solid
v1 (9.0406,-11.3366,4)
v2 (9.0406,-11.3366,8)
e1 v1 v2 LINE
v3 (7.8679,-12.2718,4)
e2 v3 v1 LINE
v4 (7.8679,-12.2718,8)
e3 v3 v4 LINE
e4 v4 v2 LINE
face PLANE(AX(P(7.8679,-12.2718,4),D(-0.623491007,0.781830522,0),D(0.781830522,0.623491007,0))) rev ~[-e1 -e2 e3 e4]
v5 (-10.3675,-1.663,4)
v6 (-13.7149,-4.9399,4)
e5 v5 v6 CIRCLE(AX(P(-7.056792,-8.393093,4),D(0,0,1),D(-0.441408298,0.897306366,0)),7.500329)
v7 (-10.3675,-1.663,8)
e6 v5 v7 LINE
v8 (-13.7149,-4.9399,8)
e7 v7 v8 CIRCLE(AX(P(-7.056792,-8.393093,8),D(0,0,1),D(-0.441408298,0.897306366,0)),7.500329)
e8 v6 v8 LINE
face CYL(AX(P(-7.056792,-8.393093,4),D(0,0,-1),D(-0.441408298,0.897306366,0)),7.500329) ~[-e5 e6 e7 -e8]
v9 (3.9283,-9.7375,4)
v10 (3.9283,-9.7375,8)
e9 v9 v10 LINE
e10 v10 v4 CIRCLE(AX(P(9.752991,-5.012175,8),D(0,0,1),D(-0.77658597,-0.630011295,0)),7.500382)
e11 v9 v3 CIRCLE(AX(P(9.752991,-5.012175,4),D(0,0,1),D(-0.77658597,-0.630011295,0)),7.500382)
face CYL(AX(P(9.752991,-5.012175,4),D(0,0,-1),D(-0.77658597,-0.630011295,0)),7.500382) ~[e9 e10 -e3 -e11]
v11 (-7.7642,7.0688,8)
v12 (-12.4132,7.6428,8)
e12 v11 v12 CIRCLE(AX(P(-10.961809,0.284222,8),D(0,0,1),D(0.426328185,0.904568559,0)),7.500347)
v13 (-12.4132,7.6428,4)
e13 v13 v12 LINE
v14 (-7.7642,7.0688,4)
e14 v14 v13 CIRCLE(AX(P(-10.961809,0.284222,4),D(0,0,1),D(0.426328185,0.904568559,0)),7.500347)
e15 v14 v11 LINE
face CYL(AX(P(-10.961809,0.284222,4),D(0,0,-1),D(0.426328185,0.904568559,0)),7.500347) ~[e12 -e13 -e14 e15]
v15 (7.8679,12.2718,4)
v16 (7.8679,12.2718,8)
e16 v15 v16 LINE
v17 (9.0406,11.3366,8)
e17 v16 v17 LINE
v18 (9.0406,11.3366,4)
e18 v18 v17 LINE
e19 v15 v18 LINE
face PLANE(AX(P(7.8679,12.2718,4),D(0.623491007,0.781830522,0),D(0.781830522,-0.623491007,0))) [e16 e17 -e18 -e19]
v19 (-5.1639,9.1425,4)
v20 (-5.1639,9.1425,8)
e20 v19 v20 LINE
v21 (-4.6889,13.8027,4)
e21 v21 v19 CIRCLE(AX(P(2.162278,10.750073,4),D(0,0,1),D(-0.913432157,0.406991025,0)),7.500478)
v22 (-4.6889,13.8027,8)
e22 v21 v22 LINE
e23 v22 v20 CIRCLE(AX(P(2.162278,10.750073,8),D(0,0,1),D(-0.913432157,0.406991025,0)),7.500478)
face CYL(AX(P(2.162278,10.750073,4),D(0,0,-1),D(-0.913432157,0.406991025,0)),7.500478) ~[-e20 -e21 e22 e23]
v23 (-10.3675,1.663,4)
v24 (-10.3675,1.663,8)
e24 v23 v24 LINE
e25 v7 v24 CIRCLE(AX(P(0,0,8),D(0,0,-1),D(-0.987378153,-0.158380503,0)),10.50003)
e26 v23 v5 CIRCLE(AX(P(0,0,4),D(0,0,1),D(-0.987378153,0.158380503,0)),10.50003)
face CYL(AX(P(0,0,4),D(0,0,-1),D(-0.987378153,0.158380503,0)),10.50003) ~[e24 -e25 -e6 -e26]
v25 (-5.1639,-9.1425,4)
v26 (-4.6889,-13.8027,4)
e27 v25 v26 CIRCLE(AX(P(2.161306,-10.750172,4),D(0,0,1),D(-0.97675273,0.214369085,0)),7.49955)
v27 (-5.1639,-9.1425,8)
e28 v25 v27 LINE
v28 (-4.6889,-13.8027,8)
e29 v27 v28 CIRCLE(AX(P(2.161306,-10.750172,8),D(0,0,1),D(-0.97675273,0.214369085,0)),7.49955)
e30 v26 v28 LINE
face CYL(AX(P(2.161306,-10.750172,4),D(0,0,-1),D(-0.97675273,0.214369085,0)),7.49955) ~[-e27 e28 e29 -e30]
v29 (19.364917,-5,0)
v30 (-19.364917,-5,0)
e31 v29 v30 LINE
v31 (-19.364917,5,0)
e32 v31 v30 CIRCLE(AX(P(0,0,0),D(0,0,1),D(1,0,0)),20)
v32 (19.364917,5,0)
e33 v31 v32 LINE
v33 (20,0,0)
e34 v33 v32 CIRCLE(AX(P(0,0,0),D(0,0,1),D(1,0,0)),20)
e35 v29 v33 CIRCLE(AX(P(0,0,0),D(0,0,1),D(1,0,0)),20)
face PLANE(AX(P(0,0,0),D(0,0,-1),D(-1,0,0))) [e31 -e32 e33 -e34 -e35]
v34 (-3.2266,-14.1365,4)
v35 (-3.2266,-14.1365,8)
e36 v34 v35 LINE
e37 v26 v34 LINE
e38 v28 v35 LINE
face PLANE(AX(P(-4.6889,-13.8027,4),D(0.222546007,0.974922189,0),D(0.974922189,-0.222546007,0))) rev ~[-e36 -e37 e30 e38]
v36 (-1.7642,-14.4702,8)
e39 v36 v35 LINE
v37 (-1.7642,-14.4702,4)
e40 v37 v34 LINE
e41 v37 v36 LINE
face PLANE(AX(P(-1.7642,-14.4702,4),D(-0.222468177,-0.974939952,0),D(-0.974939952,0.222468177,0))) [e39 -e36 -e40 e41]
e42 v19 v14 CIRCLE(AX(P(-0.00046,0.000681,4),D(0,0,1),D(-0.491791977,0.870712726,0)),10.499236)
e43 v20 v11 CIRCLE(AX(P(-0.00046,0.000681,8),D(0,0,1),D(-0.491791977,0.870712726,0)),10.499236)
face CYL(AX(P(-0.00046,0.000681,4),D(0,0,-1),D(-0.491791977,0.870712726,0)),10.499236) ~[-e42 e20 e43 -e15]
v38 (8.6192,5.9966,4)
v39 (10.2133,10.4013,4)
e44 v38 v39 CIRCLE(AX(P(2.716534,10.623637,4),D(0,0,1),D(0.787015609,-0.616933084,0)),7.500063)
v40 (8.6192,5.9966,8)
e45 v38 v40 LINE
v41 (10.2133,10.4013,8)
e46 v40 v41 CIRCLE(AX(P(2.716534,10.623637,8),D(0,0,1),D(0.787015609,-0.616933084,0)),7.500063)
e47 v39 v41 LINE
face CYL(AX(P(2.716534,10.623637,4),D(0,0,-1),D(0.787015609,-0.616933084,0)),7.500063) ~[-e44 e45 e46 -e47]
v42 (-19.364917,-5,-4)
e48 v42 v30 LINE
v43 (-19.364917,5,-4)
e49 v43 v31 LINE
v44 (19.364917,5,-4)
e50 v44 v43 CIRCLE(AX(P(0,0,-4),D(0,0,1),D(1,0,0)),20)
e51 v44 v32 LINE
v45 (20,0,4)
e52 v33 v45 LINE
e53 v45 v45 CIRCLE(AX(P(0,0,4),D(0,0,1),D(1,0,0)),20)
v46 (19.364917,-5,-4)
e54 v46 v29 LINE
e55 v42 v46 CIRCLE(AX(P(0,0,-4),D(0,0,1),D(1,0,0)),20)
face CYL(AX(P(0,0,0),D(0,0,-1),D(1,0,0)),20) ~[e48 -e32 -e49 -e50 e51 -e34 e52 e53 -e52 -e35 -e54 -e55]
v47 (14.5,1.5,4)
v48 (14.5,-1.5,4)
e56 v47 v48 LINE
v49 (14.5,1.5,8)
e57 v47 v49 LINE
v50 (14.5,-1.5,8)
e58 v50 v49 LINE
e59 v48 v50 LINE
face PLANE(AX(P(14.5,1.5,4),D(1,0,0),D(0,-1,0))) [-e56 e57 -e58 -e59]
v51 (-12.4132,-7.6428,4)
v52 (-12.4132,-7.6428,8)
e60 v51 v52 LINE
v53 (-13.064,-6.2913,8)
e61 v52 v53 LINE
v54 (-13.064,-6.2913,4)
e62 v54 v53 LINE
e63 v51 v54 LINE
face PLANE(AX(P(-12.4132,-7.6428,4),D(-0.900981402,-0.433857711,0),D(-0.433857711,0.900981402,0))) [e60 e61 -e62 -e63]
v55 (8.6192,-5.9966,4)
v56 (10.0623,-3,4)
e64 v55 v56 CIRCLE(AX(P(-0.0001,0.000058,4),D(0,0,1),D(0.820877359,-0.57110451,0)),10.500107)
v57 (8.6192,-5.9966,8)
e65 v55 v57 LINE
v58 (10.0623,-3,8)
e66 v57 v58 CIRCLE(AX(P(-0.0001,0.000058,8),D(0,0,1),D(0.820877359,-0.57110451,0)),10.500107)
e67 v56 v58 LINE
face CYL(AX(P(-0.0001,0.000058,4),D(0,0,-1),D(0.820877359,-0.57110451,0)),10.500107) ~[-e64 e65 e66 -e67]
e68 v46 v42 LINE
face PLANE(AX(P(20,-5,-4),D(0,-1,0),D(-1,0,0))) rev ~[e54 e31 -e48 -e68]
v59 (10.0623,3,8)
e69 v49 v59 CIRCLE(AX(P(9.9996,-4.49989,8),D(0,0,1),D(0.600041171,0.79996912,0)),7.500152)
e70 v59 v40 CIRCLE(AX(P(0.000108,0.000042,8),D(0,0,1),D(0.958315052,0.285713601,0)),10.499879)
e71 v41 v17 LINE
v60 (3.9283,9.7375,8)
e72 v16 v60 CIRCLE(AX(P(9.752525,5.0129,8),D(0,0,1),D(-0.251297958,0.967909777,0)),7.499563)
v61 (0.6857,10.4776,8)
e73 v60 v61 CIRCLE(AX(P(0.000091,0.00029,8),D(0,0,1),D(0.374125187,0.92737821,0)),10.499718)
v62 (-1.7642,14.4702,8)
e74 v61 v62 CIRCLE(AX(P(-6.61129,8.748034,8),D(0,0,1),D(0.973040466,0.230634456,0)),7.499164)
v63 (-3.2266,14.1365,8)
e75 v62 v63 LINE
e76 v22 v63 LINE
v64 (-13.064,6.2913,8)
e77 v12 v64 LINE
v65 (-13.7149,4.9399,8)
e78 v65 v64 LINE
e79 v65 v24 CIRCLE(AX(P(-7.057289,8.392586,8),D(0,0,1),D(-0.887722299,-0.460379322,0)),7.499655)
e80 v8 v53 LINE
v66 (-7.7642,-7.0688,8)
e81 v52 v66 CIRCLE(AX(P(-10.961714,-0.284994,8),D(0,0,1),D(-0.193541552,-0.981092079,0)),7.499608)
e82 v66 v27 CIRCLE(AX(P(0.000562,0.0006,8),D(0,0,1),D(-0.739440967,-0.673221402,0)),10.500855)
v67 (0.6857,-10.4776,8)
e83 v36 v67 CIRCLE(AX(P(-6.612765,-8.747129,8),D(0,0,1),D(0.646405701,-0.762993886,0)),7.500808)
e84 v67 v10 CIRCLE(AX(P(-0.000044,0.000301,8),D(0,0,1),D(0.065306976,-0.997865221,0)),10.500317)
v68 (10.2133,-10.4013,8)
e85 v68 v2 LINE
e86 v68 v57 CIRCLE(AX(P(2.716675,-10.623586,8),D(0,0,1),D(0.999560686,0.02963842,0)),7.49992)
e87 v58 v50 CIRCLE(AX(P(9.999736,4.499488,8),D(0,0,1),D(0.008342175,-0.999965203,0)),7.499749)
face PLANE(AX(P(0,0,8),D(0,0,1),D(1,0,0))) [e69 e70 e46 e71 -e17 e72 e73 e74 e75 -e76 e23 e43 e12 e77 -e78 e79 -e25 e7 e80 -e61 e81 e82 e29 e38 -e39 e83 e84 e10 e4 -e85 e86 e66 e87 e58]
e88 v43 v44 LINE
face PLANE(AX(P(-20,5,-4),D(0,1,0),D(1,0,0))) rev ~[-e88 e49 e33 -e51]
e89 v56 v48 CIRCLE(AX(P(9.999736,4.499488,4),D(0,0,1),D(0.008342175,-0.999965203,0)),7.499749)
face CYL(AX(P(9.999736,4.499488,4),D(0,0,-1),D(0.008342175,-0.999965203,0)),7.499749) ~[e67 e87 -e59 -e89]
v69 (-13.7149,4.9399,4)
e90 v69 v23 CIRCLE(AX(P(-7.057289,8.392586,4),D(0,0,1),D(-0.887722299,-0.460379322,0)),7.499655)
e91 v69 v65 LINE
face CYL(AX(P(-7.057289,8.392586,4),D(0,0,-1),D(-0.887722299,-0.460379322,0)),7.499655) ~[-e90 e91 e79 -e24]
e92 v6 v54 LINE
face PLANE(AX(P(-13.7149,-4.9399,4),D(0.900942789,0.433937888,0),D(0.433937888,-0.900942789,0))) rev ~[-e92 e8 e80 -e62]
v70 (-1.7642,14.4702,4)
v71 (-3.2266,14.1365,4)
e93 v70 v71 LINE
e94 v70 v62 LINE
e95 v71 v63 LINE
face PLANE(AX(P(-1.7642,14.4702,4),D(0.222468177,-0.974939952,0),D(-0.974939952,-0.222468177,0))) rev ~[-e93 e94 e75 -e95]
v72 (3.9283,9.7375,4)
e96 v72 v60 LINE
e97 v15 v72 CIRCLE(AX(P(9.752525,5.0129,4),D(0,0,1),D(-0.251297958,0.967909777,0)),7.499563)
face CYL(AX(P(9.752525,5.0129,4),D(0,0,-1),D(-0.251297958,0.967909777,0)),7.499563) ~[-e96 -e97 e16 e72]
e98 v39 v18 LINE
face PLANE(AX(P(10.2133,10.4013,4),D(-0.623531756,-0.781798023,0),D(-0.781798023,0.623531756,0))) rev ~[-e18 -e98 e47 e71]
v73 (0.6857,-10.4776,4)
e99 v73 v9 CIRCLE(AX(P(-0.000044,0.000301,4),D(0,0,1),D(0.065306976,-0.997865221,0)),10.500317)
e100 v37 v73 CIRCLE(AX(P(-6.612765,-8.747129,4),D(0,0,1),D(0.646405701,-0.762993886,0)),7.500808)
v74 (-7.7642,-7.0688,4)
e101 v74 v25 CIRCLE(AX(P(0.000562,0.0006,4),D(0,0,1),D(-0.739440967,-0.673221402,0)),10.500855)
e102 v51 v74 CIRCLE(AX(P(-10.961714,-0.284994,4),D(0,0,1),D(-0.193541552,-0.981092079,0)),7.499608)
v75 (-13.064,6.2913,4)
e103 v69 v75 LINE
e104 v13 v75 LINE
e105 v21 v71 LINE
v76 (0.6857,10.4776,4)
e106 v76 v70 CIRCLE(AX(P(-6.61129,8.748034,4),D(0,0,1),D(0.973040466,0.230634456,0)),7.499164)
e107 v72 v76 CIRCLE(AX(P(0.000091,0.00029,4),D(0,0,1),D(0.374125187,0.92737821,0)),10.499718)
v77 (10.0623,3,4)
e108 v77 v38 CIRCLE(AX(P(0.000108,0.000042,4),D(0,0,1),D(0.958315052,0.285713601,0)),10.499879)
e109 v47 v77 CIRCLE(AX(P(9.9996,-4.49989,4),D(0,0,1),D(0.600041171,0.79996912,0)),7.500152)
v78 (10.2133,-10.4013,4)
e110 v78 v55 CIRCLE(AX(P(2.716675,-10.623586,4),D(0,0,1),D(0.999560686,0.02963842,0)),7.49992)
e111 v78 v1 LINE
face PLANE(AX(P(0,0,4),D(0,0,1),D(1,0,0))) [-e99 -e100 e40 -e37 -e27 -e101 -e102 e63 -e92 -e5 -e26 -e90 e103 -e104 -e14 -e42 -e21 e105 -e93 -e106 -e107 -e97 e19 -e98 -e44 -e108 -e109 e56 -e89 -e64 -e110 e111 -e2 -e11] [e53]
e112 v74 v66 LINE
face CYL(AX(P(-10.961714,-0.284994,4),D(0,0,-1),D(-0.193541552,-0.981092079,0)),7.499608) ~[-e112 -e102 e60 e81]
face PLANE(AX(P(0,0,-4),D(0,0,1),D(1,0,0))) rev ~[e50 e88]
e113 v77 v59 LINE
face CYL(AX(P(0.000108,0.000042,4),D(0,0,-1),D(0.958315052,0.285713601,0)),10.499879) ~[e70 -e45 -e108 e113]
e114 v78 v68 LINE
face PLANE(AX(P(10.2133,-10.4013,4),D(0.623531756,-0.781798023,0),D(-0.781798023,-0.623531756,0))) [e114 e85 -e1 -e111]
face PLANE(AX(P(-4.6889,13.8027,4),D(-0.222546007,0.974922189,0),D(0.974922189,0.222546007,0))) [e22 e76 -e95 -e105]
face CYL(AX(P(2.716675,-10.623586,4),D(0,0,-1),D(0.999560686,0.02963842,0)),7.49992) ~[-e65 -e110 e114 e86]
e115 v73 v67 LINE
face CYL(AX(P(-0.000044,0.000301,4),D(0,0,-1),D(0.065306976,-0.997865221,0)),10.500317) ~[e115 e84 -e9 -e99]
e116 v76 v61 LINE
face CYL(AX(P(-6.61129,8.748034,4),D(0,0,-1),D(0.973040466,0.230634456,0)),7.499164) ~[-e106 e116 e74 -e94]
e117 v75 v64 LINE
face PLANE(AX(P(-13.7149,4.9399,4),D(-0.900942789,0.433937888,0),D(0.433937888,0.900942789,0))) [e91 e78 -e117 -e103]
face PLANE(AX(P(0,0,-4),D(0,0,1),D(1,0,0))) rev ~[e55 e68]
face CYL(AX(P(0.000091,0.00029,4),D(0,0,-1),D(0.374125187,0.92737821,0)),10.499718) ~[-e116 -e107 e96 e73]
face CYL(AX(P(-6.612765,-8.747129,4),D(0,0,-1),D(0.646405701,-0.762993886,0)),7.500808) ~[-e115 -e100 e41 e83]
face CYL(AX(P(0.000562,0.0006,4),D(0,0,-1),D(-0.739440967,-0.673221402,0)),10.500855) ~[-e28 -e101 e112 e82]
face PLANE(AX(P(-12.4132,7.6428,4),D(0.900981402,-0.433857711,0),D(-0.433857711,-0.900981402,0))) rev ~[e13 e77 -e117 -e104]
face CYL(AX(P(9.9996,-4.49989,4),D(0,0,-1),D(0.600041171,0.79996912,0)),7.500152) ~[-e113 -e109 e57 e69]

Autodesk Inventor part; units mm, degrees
ref_plane "YZ Plane" through (0, 0, 0) normal (1, 0, 0) x (0, 1, 0)
ref_plane "XZ Plane" through (0, 0, 0) normal (0, 1, 0) x (-1, 0, 0)
ref_plane "XY Plane" through (0, 0, 0) normal (0, 0, 1) x (1, 0, 0)
sketch "Sketch1" plane through (0, 0, 0) normal (0, 0, 1) x (1, 0, 0)
  circle A0 centre (0, 0) radius 20
  dimension "d0" = 40
extrude "Extrusion1" add sketch "Sketch1" along normal mid plane 8
sketch "Sketch2" plane through (0, 0, -4) normal (0, 0, -1) x (-1, 0, 0)
  line L0 (-20, 0) -> (20, 0) construction
  line L1 (-20, -5) -> (20, -5)
  line L2 (20, 5) -> (-20, 5)
  arc A0 (-20, 5) -> (-20, -5) centre (-20, 0) ccw
  arc A1 (20, -5) -> (20, 5) centre (20, 0) ccw
  line L3 (0, 0) -> (40, 0) construction
  dimension "d3" = 20
  dimension "d4" = 0
  dimension "d5" = 10
extrude "Extrusion2" cut sketch "Sketch2" against normal blind 4
sketch "Sketch6" plane through (0, 0, 4) normal (0, 0, 1) x (1, 0, 0)
  line L0 (-28, 0) -> (28, 0) projected
  arc A0 (14.5, 1.5) -> (10.0623, 3) centre (9.9997, -4.4997) ccw
  line L1 (14.5, 1.5) -> (14.5, 0)
  arc A1 (10.0623, -3) -> (14.5, -1.5) centre (9.9997, 4.4997) ccw
  line L2 (14.5, -1.5) -> (14.5, 0)
  arc A2 (7.8679, 12.2718) -> (3.9283, 9.7375) centre (9.7527, 5.0125) ccw
  line L3 (7.8679, 12.2718) -> (9.0406, 11.3366)
  line L4 (10.2133, 10.4013) -> (9.0406, 11.3366)
  arc A3 (8.6192, 5.9966) -> (10.2133, 10.4013) centre (2.7166, 10.6236) ccw
  arc A4 (-4.6889, 13.8027) -> (-5.1639, 9.1425) centre (2.1618, 10.7502) ccw
  line L5 (-4.6889, 13.8027) -> (-3.2266, 14.1365)
  line L6 (-1.7642, 14.4702) -> (-3.2266, 14.1365)
  arc A5 (0.6857, 10.4776) -> (-1.7642, 14.4702) centre (-6.6121, 8.7477) ccw
  arc A6 (-13.7149, 4.9399) -> (-10.3675, 1.663) centre (-7.057, 8.3928) ccw
  line L7 (-13.7149, 4.9399) -> (-13.064, 6.2913)
  line L8 (-12.4132, 7.6428) -> (-13.064, 6.2913)
  arc A7 (-7.7642, 7.0688) -> (-12.4132, 7.6428) centre (-10.9617, 0.2846) ccw
  arc A8 (-12.4132, -7.6428) -> (-7.7642, -7.0688) centre (-10.9617, -0.2846) ccw
  line L9 (-12.4132, -7.6428) -> (-13.064, -6.2913)
  line L10 (-13.7149, -4.9399) -> (-13.064, -6.2913)
  arc A9 (-10.3675, -1.663) -> (-13.7149, -4.9399) centre (-7.057, -8.3928) ccw
  arc A10 (-1.7642, -14.4702) -> (0.6857, -10.4776) centre (-6.6121, -8.7477) ccw
  line L11 (-1.7642, -14.4702) -> (-3.2266, -14.1365)
  line L12 (-4.6889, -13.8027) -> (-3.2266, -14.1365)
  arc A11 (-5.1639, -9.1425) -> (-4.6889, -13.8027) centre (2.1618, -10.7502) ccw
  arc A12 (10.2133, -10.4013) -> (8.6192, -5.9966) centre (2.7166, -10.6236) ccw
  line L13 (10.2133, -10.4013) -> (9.0406, -11.3366)
  line L14 (7.8679, -12.2718) -> (9.0406, -11.3366)
  arc A13 (3.9283, -9.7375) -> (7.8679, -12.2718) centre (9.7527, -5.0125) ccw
  arc A14 (10.0623, 3) -> (8.6192, 5.9966) centre (0, 0) ccw
  arc A15 (3.9283, 9.7375) -> (0.6857, 10.4776) centre (0, 0) ccw
  arc A16 (-5.1639, 9.1425) -> (-7.7642, 7.0688) centre (0, 0) ccw
  arc A17 (-10.3675, 1.663) -> (-10.3675, -1.663) centre (0, 0) ccw
  arc A18 (-7.7642, -7.0688) -> (-5.1639, -9.1425) centre (0, 0) ccw
  arc A19 (0.6857, -10.4776) -> (3.9283, -9.7375) centre (0, 0) ccw
  arc A20 (8.6192, -5.9966) -> (10.0623, -3) centre (0, 0) ccw
  dimension "d33" = 1.5
  dimension "d34" = 3
  dimension "d35" = 7.5
  dimension "d36" = 14.5
  dimension "d39" = 360
extrude "Extrusion4" add sketch "Sketch6" along normal blind 4
properties part number "3d-tandwiel"
